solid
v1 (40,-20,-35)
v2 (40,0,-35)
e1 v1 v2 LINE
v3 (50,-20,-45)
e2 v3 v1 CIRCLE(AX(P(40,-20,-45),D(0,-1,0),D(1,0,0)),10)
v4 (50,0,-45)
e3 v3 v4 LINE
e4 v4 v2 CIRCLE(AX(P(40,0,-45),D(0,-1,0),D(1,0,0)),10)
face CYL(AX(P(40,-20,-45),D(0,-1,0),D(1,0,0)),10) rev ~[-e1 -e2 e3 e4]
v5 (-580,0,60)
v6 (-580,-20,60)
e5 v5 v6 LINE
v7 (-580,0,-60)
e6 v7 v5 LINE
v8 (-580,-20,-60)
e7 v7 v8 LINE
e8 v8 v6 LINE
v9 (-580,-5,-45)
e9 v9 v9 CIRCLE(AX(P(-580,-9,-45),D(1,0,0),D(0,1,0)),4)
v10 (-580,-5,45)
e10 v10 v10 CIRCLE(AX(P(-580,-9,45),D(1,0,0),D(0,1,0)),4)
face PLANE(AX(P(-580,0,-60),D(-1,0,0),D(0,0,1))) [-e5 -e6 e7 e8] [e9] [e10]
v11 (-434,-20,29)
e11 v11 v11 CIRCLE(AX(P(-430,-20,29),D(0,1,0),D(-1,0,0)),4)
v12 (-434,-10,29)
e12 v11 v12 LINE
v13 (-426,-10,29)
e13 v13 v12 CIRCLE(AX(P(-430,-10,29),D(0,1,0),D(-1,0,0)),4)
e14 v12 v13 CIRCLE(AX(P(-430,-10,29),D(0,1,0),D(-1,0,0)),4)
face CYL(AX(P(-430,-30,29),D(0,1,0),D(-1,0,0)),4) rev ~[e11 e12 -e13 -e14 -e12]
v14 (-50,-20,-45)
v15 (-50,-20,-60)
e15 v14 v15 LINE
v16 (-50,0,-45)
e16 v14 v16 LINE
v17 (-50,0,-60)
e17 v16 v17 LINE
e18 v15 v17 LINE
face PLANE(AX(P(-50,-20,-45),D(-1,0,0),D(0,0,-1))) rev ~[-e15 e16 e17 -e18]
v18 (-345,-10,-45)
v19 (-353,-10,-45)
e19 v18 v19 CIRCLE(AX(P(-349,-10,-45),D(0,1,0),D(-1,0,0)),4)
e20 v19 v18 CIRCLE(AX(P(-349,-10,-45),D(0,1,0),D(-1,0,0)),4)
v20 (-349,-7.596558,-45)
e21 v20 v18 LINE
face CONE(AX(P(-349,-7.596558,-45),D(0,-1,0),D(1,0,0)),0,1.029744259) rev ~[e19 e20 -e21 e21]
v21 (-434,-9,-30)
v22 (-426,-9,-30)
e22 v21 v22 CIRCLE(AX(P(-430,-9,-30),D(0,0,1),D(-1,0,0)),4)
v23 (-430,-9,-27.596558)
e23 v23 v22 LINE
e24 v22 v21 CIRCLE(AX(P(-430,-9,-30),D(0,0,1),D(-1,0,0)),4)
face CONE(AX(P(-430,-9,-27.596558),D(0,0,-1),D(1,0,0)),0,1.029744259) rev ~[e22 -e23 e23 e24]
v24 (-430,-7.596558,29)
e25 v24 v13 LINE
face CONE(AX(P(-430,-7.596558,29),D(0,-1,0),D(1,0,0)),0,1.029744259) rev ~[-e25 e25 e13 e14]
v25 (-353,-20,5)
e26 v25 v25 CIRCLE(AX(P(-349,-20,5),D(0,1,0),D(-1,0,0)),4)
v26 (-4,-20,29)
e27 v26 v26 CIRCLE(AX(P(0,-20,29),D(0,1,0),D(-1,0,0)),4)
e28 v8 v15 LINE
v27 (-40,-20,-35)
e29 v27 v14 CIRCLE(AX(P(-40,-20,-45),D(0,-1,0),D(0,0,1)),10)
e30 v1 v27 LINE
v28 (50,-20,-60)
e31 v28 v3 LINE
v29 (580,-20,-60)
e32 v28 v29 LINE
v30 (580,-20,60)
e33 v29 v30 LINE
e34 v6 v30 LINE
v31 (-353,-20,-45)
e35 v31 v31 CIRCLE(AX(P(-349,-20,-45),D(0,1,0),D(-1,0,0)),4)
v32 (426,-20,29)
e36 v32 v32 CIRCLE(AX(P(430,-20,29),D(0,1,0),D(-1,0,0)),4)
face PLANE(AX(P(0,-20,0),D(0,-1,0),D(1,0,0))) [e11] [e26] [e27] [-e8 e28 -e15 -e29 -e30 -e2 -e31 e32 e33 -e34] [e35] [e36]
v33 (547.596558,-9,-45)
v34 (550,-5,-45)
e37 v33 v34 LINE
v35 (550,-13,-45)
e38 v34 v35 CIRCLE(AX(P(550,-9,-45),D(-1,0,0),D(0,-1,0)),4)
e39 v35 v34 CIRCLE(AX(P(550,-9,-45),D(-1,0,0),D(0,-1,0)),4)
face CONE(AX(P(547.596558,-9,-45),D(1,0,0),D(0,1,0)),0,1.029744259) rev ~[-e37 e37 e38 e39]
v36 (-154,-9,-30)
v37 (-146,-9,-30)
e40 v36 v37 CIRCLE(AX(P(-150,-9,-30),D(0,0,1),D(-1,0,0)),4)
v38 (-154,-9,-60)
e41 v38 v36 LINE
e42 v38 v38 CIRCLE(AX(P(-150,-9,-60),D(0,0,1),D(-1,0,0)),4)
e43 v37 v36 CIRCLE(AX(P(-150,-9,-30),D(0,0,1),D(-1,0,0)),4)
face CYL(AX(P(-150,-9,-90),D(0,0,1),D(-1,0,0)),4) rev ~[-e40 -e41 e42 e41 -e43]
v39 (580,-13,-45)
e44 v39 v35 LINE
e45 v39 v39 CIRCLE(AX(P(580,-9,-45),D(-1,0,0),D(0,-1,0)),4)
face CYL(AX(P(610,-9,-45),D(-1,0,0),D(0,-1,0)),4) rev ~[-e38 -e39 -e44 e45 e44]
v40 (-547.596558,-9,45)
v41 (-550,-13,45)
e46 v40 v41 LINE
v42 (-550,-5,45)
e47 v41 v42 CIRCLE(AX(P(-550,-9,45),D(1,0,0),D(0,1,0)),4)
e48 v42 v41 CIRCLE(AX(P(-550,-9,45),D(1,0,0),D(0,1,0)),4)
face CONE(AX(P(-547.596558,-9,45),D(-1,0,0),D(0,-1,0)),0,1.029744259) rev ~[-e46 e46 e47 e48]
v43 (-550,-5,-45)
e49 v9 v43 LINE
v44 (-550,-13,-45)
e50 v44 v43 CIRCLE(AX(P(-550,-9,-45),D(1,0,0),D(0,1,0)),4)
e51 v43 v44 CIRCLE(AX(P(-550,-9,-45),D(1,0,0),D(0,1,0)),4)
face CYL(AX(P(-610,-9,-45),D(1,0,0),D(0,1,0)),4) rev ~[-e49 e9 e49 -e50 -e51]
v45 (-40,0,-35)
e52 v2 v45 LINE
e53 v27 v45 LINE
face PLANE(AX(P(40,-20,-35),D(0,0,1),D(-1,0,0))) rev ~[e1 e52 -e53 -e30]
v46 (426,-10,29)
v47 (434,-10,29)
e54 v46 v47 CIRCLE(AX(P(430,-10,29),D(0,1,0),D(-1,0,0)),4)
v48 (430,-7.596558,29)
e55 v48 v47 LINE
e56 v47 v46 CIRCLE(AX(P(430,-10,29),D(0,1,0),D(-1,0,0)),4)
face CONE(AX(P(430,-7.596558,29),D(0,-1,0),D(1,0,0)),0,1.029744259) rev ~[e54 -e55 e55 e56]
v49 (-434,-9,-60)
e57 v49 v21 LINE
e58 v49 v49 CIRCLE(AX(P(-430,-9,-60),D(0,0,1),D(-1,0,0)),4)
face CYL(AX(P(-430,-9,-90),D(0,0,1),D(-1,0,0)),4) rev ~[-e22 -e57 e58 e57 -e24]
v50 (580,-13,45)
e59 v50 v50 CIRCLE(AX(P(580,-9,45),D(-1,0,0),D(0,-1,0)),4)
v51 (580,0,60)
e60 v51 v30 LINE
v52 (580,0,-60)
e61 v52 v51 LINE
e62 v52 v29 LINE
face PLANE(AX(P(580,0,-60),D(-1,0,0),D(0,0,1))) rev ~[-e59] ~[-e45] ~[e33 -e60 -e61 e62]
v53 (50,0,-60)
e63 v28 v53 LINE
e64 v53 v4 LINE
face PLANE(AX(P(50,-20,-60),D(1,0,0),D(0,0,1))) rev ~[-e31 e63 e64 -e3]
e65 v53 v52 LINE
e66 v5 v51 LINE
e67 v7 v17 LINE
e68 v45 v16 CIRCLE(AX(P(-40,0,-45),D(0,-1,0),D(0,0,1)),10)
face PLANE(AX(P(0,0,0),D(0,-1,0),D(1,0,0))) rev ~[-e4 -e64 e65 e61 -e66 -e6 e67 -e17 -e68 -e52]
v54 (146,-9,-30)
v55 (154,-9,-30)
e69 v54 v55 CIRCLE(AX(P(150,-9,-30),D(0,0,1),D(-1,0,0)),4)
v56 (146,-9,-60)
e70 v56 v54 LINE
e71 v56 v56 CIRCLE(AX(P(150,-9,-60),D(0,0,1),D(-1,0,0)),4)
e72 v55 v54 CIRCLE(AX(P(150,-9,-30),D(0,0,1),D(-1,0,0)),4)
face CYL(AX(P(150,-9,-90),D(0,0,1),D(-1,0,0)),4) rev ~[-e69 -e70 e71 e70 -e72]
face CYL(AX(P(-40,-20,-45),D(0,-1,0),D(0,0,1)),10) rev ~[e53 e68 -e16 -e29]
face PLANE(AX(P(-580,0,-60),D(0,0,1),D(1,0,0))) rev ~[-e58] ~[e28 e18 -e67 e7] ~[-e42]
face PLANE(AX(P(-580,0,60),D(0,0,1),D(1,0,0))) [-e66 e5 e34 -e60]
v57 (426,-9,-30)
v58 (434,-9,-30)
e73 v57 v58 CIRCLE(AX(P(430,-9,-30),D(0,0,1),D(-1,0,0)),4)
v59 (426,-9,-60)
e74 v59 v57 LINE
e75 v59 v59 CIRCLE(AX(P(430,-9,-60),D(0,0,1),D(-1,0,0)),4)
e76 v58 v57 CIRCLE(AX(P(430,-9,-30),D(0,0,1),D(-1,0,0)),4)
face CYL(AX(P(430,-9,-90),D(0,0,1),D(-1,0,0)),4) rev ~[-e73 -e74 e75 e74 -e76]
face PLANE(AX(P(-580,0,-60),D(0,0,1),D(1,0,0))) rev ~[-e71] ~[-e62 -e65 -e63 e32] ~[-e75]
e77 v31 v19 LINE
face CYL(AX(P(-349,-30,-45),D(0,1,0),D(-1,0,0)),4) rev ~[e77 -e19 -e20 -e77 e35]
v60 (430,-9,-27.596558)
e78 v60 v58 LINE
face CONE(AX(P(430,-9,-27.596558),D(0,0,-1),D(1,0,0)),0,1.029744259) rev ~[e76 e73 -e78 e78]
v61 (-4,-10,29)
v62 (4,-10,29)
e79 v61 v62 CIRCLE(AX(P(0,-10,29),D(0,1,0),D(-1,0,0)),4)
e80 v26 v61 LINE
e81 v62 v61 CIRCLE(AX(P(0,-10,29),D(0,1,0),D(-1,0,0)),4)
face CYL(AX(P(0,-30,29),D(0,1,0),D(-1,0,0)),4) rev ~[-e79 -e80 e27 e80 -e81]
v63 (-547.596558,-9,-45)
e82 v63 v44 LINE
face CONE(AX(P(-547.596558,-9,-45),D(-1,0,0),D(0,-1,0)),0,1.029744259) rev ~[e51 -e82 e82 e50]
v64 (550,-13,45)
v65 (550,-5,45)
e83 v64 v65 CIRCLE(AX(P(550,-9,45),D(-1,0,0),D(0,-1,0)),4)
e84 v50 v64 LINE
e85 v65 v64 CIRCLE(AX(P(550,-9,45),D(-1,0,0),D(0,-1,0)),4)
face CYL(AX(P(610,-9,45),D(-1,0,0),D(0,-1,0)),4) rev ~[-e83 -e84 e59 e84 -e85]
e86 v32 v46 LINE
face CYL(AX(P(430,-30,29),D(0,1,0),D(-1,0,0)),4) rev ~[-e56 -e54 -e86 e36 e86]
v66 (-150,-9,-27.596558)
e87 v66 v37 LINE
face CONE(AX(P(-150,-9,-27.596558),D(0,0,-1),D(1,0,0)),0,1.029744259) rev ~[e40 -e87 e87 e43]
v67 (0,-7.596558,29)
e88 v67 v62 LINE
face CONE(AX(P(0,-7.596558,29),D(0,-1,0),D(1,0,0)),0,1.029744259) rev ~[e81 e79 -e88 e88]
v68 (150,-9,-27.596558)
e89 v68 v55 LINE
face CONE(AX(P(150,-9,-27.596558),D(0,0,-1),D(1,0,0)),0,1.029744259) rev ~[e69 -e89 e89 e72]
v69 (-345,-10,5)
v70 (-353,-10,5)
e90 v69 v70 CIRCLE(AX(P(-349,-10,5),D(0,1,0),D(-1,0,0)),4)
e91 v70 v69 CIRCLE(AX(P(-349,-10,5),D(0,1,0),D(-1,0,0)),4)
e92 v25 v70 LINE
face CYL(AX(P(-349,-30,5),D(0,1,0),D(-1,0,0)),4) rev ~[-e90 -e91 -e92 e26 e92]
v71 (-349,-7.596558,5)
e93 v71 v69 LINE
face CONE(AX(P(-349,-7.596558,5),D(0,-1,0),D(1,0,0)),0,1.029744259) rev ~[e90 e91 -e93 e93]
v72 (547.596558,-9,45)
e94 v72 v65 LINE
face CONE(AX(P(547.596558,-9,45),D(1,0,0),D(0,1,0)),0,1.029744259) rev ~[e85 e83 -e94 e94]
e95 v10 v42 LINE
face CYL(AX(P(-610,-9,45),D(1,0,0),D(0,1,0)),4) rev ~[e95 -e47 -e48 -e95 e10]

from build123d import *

# Parameters (mm, degrees)
F0_W           = 1160
F0_H           = 120
F1_DEPTH       = 20
F3_DEPTH       = 20.001
F8_D           = 8
F8_DEPTH       = 30
F8_TIP         = 2.4034424761
F8_ON_F5_D     = 8
F8_ON_F5_DEPTH = 30
F8_ON_F5_TIP   = 2.4034424761
F8_ON_F7_D     = 8
F8_ON_F7_DEPTH = 30
F8_ON_F7_TIP   = 2.4034424761
F9_D           = 8
F9_DEPTH       = 10
F9_TIP         = 2.4034424761


with BuildPart() as f1:
    # F0 (on Front) → F1 (new body)
    with BuildSketch(Plane.XZ):
        Rectangle(F0_W, F0_H)
    extrude(amount=F1_DEPTH)

    # F2 (on face) → F3 (cut, through all)
    with BuildSketch(Plane.XZ.offset(20)):
        with BuildLine():
            Line((-50, -45), (-50, -60))
            Line((-50, -60), (50, -60))
            Line((50, -60), (50, -45))
            ThreePointArc((50, -45), (47.0710678119, -37.9289321881), (40, -35))
            Line((40, -35), (-40, -35))
            ThreePointArc((-40, -35), (-47.0710678119, -37.9289321881), (-50, -45))
        make_face()
    extrude(amount=-F3_DEPTH, mode=Mode.SUBTRACT)

    # F8
    with Locations(Plane(origin=(-580, 0, 0), x_dir=(0, -1, 0), z_dir=(-1, 0, 0))):
        with Locations((9, 45), (9, -45)):
            Hole(F8_D / 2, depth=F8_DEPTH)
            with Locations((0, 0, -(F8_DEPTH + F8_TIP / 2))):  # 118° drill point
                Cone(0, F8_D / 2, F8_TIP, mode=Mode.SUBTRACT)

    # F8 on F5
    with Locations(Plane.YZ.offset(580)):
        with Locations((-9, 45), (-9, -45)):
            Hole(F8_ON_F5_D / 2, depth=F8_ON_F5_DEPTH)
            with Locations((0, 0, -(F8_ON_F5_DEPTH + F8_ON_F5_TIP / 2))):  # 118° drill point
                Cone(0, F8_ON_F5_D / 2, F8_ON_F5_TIP, mode=Mode.SUBTRACT)

    # F8 on F7
    with Locations(Plane(origin=(0, 0, -60), x_dir=(1, 0, 0), z_dir=(0, 0, -1))):
        with Locations((-430, 9), (-150, 9), (150, 9), (430, 9)):
            Hole(F8_ON_F7_D / 2, depth=F8_ON_F7_DEPTH)
            with Locations((0, 0, -(F8_ON_F7_DEPTH + F8_ON_F7_TIP / 2))):  # 118° drill point
                Cone(0, F8_ON_F7_D / 2, F8_ON_F7_TIP, mode=Mode.SUBTRACT)

    # F9
    with Locations(Plane.XZ.offset(20)):
        with Locations((430, 29), (0, 29), (-430, 29), (-349, -45), (-349, 5)):
            Hole(F9_D / 2, depth=F9_DEPTH)
            with Locations((0, 0, -(F9_DEPTH + F9_TIP / 2))):  # 118° drill point
                Cone(0, F9_D / 2, F9_TIP, mode=Mode.SUBTRACT)


solid = f1.part
